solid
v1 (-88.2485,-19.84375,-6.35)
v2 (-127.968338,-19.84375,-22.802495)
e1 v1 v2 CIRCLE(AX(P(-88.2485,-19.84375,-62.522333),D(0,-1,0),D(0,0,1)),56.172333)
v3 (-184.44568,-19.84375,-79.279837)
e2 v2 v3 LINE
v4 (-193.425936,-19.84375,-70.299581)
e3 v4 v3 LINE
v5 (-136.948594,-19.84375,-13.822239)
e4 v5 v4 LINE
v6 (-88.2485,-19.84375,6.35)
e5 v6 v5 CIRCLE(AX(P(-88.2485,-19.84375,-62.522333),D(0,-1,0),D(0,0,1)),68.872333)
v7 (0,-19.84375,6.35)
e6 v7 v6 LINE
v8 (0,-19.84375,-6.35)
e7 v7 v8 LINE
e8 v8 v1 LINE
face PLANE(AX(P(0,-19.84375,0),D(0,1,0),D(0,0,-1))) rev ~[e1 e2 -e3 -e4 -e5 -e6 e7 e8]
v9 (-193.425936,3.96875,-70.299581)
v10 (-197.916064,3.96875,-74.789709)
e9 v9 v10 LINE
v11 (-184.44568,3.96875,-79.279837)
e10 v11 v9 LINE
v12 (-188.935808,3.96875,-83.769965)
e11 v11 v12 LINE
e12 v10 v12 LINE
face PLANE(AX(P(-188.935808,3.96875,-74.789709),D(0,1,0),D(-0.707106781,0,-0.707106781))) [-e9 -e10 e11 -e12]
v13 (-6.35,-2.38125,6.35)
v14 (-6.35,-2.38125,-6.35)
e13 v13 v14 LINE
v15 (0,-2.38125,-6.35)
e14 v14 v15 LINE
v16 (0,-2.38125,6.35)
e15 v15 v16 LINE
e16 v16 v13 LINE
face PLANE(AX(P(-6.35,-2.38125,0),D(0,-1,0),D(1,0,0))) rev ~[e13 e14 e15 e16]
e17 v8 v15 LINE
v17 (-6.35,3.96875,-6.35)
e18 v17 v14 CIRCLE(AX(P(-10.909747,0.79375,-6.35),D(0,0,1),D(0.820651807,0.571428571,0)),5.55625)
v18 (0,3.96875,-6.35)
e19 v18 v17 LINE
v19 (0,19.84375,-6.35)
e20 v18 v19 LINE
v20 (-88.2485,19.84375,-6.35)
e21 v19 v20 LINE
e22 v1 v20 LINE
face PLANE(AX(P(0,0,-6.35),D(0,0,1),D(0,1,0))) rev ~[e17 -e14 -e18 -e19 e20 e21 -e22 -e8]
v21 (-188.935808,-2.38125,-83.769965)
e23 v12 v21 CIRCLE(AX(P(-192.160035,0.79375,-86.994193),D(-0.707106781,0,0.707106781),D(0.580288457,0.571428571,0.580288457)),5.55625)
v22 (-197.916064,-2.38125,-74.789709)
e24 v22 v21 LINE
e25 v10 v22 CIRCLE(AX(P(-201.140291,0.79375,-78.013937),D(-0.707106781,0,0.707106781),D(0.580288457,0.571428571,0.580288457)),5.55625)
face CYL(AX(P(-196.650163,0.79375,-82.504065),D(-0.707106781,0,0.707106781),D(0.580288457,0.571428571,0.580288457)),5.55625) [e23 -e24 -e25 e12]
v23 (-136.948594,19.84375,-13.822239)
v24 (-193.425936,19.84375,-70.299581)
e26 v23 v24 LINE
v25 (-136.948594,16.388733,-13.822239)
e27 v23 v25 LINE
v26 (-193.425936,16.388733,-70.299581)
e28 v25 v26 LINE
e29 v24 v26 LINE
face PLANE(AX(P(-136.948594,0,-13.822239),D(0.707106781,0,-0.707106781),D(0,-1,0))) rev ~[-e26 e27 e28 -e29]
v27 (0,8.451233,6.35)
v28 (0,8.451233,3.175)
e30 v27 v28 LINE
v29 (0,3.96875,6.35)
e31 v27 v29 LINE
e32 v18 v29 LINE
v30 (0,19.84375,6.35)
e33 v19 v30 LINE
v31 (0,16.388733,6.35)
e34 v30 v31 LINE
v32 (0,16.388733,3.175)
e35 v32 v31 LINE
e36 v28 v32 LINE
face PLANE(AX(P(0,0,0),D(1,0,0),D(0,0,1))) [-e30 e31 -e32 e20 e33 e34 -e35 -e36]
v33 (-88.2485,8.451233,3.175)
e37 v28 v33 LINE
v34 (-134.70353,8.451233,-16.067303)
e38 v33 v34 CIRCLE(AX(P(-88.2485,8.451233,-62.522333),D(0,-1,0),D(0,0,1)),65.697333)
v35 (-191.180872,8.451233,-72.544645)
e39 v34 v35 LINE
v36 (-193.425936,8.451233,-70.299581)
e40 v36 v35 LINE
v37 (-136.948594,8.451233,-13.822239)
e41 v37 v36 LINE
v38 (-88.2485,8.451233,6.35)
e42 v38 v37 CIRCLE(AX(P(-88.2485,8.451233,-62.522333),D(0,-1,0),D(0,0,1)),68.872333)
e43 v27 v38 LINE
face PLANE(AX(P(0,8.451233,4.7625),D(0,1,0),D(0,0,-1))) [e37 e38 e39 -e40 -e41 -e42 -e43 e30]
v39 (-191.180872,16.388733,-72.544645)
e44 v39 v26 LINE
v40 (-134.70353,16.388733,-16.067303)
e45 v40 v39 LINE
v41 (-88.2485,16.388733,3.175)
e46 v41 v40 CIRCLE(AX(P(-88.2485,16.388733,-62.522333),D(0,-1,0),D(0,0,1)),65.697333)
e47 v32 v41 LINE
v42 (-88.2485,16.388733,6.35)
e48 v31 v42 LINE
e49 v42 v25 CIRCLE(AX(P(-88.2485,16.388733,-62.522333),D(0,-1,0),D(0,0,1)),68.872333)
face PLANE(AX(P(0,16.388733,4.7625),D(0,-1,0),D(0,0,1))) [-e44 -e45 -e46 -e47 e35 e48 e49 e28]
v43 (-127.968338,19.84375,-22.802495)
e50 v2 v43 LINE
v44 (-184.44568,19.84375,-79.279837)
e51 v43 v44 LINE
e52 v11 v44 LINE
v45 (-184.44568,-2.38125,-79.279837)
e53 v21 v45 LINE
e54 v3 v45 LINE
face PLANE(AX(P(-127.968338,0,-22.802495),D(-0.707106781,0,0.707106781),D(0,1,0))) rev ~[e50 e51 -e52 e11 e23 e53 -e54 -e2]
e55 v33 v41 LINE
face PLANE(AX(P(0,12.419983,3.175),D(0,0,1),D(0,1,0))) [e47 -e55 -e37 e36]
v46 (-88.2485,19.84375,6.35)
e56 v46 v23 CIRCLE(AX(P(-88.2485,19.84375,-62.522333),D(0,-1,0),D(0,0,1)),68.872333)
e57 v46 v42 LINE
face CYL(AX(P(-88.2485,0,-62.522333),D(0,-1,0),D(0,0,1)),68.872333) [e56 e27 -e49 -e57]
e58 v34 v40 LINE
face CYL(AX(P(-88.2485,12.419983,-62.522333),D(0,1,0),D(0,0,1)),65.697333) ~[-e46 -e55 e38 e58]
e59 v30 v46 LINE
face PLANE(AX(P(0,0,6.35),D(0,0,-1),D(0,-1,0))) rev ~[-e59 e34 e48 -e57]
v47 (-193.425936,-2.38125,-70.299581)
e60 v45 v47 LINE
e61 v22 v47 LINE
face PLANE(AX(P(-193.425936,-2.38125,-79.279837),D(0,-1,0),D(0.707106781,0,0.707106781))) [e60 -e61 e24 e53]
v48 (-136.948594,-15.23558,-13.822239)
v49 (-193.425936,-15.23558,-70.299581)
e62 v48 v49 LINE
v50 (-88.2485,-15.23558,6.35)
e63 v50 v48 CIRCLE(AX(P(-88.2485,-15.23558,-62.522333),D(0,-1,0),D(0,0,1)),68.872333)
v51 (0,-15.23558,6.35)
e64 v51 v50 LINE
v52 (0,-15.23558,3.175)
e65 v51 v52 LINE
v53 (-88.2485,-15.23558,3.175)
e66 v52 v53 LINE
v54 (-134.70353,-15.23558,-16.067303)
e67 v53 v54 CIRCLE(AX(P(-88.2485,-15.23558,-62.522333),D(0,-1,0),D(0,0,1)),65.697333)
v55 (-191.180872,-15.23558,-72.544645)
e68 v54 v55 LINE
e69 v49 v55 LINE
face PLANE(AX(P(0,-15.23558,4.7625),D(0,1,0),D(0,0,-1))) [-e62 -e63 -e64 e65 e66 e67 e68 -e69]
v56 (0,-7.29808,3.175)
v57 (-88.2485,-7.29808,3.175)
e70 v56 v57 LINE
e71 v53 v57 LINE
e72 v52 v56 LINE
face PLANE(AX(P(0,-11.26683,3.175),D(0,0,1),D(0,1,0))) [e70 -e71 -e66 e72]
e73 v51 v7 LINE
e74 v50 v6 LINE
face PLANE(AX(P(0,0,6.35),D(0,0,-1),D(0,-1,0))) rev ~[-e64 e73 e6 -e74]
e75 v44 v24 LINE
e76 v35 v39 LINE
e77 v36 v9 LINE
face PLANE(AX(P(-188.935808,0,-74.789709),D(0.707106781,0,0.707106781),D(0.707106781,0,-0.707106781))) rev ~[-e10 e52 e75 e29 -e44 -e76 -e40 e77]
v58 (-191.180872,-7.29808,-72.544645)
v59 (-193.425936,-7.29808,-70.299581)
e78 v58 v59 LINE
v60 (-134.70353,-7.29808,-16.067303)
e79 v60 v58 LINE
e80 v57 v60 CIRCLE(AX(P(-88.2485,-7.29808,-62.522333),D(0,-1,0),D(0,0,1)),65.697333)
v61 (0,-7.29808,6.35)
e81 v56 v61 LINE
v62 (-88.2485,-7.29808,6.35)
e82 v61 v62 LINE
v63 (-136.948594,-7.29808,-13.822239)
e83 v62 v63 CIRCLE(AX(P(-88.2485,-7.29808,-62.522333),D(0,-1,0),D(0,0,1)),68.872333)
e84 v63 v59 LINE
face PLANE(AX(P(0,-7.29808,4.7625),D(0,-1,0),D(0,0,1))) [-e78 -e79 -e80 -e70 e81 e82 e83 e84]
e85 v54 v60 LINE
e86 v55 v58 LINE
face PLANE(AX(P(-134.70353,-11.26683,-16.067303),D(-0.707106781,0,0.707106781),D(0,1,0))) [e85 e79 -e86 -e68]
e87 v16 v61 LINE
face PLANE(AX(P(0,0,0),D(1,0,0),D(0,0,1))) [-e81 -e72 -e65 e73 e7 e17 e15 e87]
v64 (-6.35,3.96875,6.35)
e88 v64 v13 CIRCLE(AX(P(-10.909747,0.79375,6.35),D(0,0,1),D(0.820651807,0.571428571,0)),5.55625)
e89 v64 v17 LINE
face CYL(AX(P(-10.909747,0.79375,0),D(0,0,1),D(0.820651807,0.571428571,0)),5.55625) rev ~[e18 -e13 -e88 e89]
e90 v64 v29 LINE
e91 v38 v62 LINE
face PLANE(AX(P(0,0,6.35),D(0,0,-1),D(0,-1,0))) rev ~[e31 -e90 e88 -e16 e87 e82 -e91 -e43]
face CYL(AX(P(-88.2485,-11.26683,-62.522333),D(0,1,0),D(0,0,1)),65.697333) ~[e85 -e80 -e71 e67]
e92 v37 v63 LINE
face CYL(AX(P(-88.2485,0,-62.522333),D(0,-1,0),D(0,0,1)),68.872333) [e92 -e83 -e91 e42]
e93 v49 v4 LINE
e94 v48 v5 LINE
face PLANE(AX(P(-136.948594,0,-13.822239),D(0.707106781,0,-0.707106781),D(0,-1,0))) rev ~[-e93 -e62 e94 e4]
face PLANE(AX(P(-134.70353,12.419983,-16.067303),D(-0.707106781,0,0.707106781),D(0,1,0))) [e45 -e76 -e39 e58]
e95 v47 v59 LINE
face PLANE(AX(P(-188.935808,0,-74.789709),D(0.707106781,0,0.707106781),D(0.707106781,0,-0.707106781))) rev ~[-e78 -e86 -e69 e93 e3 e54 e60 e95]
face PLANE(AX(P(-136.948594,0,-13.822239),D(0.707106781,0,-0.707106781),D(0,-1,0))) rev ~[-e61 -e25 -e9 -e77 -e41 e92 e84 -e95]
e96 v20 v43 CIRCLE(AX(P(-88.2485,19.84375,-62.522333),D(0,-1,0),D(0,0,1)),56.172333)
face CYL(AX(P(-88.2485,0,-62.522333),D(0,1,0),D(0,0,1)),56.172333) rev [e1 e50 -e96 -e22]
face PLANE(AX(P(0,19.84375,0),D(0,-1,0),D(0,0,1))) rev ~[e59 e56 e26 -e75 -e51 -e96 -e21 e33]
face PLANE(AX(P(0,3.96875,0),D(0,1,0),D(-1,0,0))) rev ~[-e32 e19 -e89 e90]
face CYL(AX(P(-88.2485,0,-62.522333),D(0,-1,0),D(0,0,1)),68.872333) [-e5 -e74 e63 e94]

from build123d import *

# Parameters (mm, degrees)
F0_W     = 39.6875
F0_H     = 12.7
F4_DEPTH = 12.7
F8_DEPTH = 6.35
F9_W     = 7.9375
F9_H     = 3.175
F11_W    = 7.9375
F11_H    = 3.175


with BuildPart() as f2:
    # F2: sweep along a path in F1
    with BuildLine(Plane.XZ) as f2_path:
        Line((0, 0), (-88.24850028, 0))
        ThreePointArc((-88.24850028, 0), (-112.1747610939, -4.759229181), (-132.4584655909, -18.3123672238))
        Line((-132.4584655909, -18.3123672238), (-188.9358075988, -74.7897092318))
    # F0 (on Right) → F2 (sweep)
    with BuildSketch(Plane.YZ):
        Rectangle(F0_W, F0_H)
    sweep(path=f2_path.line)

    # F3 (on Top) → F4 (cut, symmetric)
    with BuildSketch(Plane.XY):
        with BuildLine():
            Line((-6.35, -2.38125), (0, -2.38125))
            Line((0, -2.38125), (0, 3.96875))
            Line((0, 3.96875), (-6.35, 3.96875))
            ThreePointArc((-6.35, 3.96875), (-16.4659966007, 0.79375), (-6.35, -2.38125))
        make_face()
    extrude(amount=F4_DEPTH, both=True, mode=Mode.SUBTRACT)

    # F7 (on plane+point) → F8 (join, symmetric)
    with BuildSketch(Plane(origin=(-57.0730491835, 0, 57.0730491835), x_dir=(0, -1, 0), z_dir=(-0.7071067812, 0, 0.7071067812))):
        with BuildLine():
            Line((2.38125, -192.8321013228), (2.38125, -186.4821013228))
            Line((2.38125, -186.4821013228), (-3.96875, -186.4821013228))
            Line((-3.96875, -186.4821013228), (-3.96875, -192.8321013228))
            ThreePointArc((-3.96875, -192.8321013228), (-0.79375, -202.9480979235), (2.38125, -192.8321013228))
        make_face()
    extrude(amount=F8_DEPTH, both=True)

    # F10: sweep along a path in F1
    with BuildLine(Plane.XZ) as f10_path:
        Line((0, 0), (-88.24850028, 0))
        ThreePointArc((-88.24850028, 0), (-112.1747610939, -4.759229181), (-132.4584655909, -18.3123672238))
        Line((-132.4584655909, -18.3123672238), (-188.9358075988, -74.7897092318))
    # F9 (on face) → F10 (sweep, cut)
    with BuildSketch(Plane.YZ):
        with Locations((12.4199826866, 4.7625)):
            Rectangle(F9_W, F9_H)
    sweep(path=f10_path.line, mode=Mode.SUBTRACT)

    # F12: sweep along a path in F1
    with BuildLine(Plane.XZ) as f12_path:
        Line((0, 0), (-88.24850028, 0))
        ThreePointArc((-88.24850028, 0), (-112.1747610939, -4.759229181), (-132.4584655909, -18.3123672238))
        Line((-132.4584655909, -18.3123672238), (-188.9358075988, -74.7897092318))
    # F11 (on face) → F12 (sweep, cut)
    with BuildSketch(Plane.YZ):
        with Locations((-11.2668295726, 4.7625)):
            Rectangle(F11_W, F11_H)
    sweep(path=f12_path.line, mode=Mode.SUBTRACT)


solid = f2.part
